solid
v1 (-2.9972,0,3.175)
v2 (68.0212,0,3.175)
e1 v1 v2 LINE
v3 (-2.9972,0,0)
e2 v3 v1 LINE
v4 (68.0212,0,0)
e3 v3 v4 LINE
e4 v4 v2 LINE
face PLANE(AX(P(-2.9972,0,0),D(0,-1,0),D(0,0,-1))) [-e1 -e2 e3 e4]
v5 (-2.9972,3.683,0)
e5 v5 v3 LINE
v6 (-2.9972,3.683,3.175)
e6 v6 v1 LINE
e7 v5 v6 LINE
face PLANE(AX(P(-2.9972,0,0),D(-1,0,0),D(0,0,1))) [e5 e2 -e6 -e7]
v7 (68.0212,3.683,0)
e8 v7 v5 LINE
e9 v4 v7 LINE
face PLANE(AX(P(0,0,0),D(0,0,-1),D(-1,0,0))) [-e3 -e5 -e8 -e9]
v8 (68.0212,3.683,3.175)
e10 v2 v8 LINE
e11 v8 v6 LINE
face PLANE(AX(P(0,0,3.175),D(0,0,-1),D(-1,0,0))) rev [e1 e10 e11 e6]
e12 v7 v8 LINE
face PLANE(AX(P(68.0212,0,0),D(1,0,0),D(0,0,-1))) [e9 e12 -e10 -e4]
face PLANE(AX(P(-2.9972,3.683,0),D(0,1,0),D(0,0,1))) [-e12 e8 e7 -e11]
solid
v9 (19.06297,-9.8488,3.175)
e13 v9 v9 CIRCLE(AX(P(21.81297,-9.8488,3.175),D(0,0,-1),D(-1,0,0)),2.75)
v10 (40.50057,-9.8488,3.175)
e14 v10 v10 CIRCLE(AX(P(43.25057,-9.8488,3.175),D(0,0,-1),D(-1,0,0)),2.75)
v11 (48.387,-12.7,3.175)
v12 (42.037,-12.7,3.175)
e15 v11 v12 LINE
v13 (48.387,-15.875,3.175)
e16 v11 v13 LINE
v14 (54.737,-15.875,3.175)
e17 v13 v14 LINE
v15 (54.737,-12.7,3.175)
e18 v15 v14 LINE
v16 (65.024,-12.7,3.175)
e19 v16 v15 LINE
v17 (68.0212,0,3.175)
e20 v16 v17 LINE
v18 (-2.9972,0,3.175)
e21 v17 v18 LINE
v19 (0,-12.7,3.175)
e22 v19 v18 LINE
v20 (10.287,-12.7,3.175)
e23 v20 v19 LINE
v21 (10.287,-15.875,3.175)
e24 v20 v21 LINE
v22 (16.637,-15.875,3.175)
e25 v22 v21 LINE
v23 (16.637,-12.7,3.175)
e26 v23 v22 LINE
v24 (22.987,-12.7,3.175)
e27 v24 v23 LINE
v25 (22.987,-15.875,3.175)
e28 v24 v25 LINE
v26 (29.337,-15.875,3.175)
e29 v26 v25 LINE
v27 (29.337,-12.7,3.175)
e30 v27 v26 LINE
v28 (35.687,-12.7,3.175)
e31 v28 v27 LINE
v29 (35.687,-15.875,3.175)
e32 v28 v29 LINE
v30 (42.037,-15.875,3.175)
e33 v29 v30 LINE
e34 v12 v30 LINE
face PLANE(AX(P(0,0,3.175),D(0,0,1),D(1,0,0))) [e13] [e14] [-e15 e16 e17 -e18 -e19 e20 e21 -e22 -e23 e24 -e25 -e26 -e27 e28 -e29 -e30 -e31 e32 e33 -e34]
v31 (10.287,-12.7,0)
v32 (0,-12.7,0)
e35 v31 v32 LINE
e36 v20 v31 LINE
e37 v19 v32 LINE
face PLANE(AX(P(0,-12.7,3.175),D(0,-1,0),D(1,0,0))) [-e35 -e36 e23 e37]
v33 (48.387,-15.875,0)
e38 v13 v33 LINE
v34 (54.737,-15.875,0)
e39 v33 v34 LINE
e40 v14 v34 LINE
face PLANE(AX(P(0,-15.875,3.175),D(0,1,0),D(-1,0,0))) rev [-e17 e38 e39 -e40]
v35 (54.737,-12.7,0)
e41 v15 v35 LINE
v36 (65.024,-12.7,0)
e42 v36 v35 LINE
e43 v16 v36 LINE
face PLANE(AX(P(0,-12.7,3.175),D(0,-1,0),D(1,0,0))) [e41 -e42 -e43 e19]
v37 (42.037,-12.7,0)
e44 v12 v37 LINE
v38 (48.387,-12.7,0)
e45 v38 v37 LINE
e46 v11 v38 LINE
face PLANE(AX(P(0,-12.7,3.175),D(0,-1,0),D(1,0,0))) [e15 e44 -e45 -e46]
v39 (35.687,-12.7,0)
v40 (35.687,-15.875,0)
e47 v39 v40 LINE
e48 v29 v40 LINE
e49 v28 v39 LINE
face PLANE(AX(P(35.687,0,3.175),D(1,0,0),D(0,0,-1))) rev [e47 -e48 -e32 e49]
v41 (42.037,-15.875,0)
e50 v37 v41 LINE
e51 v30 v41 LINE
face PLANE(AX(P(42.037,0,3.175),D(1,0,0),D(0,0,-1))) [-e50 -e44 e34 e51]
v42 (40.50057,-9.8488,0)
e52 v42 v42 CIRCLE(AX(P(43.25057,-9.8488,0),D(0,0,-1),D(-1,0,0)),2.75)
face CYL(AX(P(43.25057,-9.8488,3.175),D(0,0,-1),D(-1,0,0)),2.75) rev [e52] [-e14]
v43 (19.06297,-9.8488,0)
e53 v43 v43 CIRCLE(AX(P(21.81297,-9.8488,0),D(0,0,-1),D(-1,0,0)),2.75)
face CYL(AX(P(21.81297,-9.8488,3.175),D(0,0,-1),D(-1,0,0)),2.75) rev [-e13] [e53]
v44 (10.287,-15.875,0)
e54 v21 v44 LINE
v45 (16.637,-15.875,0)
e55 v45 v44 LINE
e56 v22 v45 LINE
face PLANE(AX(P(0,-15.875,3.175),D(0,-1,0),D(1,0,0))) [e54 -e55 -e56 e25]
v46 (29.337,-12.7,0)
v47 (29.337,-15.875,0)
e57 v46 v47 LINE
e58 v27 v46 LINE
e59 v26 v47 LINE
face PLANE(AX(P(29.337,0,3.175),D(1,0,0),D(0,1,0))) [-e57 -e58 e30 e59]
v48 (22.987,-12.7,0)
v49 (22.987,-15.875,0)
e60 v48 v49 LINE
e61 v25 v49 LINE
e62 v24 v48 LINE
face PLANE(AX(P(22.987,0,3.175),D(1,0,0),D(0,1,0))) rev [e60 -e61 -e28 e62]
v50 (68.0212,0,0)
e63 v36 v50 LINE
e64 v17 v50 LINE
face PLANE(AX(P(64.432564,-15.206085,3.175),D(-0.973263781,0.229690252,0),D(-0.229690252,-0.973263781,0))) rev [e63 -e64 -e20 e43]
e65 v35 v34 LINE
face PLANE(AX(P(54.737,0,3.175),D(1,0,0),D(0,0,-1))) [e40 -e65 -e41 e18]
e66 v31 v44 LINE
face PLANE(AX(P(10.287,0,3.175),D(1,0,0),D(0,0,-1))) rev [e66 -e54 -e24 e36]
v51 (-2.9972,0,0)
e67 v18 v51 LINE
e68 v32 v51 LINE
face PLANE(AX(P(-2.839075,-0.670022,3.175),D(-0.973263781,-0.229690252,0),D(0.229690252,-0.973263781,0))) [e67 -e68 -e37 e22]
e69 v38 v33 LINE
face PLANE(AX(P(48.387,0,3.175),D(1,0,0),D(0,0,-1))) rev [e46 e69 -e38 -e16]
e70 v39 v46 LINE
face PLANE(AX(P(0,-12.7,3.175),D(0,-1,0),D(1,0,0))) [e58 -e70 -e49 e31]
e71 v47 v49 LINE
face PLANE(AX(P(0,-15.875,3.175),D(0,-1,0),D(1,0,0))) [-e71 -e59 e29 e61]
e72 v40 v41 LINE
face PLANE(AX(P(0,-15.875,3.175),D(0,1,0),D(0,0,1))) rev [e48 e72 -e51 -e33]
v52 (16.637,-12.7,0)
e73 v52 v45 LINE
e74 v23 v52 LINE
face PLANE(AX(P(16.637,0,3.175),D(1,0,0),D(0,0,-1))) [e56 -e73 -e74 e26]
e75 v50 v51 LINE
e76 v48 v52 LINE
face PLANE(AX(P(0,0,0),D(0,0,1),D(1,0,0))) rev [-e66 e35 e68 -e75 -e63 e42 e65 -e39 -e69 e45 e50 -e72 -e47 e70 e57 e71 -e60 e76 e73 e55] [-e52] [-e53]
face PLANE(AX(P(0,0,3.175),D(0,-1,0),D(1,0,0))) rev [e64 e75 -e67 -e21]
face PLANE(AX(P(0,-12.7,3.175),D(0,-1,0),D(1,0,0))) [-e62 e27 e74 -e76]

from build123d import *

# Parameters (mm, degrees)
SKETCH1_W           = 6.35
SKETCH1_H           = 3.175
BOSS_EXTRUDE1_DEPTH = 3.175
SKETCH2_W           = 56.563224847
SKETCH2_H           = 4.367971222
CUT_EXTRUDE2_DEPTH  = 10
SKETCH3_R           = 2.75
CUT_EXTRUDE3_DEPTH  = 3.175
SKETCH4_W           = 71.0184
SKETCH4_H           = 3.683
BOSS_EXTRUDE2_DEPTH = 3.175


with BuildPart() as part:
    # Sketch1 → Boss-Extrude1 (new body)
    with BuildSketch(Plane.XY):
        Polygon((10.287, 0), (0, 0), (-2.9972, 0), (0, -12.7), (10.287, -12.7), (16.637, -12.7), (22.987, -12.7), (29.337, -12.7), (35.687, -12.7), (42.037, -12.7), (48.387, -12.7), (54.737, -12.7), (65.024, -12.7), (68.0212, 0), (65.024, 0), (54.737, 0), (48.387, 0), (42.037, 0), (35.687, 0), (29.337, 0), (22.987, 0), (16.637, 0), align=None)
        with Locations((13.462, 1.5875)):
            Rectangle(SKETCH1_W, SKETCH1_H)
        with Locations((26.162, 1.5875)):
            Rectangle(SKETCH1_W, SKETCH1_H)
        with Locations((51.562, 1.5875)):
            Rectangle(SKETCH1_W, SKETCH1_H)
        with Locations((51.562, -14.2875)):
            Rectangle(SKETCH1_W, SKETCH1_H)
        with Locations((38.862, -14.2875)):
            Rectangle(SKETCH1_W, SKETCH1_H)
        with Locations((26.162, -14.2875)):
            Rectangle(SKETCH1_W, SKETCH1_H)
        with Locations((13.462, -14.2875)):
            Rectangle(SKETCH1_W, SKETCH1_H)
        with Locations((38.862, 1.5875)):
            Rectangle(SKETCH1_W, SKETCH1_H)
    extrude(amount=BOSS_EXTRUDE1_DEPTH)

    # Sketch2 → Cut-Extrude2 (cut)
    with BuildSketch(Plane.XY.offset(3.175)):
        with Locations((31.926512424, 2.183985611)):
            Rectangle(SKETCH2_W, SKETCH2_H)
    extrude(amount=-CUT_EXTRUDE2_DEPTH, mode=Mode.SUBTRACT)

    # Sketch3 → Cut-Extrude3 (cut)
    with BuildSketch(Plane(origin=(0, 0, 0), x_dir=(-1, 0, 0), z_dir=(0, 0, -1))):
        with Locations((-21.81296982, -9.8488)):
            Circle(SKETCH3_R)
        with Locations((-43.25056982, -9.8488)):
            Circle(SKETCH3_R)
    extrude(amount=-CUT_EXTRUDE3_DEPTH, mode=Mode.SUBTRACT)


with BuildPart() as body_2:
    # Sketch4 → Boss-Extrude2 (new body)
    with BuildSketch(Plane.XY.offset(3.175)):
        with Locations((32.512, 1.8415)):
            Rectangle(SKETCH4_W, SKETCH4_H)
    extrude(amount=-BOSS_EXTRUDE2_DEPTH)


solid = Compound([part.part, body_2.part])
